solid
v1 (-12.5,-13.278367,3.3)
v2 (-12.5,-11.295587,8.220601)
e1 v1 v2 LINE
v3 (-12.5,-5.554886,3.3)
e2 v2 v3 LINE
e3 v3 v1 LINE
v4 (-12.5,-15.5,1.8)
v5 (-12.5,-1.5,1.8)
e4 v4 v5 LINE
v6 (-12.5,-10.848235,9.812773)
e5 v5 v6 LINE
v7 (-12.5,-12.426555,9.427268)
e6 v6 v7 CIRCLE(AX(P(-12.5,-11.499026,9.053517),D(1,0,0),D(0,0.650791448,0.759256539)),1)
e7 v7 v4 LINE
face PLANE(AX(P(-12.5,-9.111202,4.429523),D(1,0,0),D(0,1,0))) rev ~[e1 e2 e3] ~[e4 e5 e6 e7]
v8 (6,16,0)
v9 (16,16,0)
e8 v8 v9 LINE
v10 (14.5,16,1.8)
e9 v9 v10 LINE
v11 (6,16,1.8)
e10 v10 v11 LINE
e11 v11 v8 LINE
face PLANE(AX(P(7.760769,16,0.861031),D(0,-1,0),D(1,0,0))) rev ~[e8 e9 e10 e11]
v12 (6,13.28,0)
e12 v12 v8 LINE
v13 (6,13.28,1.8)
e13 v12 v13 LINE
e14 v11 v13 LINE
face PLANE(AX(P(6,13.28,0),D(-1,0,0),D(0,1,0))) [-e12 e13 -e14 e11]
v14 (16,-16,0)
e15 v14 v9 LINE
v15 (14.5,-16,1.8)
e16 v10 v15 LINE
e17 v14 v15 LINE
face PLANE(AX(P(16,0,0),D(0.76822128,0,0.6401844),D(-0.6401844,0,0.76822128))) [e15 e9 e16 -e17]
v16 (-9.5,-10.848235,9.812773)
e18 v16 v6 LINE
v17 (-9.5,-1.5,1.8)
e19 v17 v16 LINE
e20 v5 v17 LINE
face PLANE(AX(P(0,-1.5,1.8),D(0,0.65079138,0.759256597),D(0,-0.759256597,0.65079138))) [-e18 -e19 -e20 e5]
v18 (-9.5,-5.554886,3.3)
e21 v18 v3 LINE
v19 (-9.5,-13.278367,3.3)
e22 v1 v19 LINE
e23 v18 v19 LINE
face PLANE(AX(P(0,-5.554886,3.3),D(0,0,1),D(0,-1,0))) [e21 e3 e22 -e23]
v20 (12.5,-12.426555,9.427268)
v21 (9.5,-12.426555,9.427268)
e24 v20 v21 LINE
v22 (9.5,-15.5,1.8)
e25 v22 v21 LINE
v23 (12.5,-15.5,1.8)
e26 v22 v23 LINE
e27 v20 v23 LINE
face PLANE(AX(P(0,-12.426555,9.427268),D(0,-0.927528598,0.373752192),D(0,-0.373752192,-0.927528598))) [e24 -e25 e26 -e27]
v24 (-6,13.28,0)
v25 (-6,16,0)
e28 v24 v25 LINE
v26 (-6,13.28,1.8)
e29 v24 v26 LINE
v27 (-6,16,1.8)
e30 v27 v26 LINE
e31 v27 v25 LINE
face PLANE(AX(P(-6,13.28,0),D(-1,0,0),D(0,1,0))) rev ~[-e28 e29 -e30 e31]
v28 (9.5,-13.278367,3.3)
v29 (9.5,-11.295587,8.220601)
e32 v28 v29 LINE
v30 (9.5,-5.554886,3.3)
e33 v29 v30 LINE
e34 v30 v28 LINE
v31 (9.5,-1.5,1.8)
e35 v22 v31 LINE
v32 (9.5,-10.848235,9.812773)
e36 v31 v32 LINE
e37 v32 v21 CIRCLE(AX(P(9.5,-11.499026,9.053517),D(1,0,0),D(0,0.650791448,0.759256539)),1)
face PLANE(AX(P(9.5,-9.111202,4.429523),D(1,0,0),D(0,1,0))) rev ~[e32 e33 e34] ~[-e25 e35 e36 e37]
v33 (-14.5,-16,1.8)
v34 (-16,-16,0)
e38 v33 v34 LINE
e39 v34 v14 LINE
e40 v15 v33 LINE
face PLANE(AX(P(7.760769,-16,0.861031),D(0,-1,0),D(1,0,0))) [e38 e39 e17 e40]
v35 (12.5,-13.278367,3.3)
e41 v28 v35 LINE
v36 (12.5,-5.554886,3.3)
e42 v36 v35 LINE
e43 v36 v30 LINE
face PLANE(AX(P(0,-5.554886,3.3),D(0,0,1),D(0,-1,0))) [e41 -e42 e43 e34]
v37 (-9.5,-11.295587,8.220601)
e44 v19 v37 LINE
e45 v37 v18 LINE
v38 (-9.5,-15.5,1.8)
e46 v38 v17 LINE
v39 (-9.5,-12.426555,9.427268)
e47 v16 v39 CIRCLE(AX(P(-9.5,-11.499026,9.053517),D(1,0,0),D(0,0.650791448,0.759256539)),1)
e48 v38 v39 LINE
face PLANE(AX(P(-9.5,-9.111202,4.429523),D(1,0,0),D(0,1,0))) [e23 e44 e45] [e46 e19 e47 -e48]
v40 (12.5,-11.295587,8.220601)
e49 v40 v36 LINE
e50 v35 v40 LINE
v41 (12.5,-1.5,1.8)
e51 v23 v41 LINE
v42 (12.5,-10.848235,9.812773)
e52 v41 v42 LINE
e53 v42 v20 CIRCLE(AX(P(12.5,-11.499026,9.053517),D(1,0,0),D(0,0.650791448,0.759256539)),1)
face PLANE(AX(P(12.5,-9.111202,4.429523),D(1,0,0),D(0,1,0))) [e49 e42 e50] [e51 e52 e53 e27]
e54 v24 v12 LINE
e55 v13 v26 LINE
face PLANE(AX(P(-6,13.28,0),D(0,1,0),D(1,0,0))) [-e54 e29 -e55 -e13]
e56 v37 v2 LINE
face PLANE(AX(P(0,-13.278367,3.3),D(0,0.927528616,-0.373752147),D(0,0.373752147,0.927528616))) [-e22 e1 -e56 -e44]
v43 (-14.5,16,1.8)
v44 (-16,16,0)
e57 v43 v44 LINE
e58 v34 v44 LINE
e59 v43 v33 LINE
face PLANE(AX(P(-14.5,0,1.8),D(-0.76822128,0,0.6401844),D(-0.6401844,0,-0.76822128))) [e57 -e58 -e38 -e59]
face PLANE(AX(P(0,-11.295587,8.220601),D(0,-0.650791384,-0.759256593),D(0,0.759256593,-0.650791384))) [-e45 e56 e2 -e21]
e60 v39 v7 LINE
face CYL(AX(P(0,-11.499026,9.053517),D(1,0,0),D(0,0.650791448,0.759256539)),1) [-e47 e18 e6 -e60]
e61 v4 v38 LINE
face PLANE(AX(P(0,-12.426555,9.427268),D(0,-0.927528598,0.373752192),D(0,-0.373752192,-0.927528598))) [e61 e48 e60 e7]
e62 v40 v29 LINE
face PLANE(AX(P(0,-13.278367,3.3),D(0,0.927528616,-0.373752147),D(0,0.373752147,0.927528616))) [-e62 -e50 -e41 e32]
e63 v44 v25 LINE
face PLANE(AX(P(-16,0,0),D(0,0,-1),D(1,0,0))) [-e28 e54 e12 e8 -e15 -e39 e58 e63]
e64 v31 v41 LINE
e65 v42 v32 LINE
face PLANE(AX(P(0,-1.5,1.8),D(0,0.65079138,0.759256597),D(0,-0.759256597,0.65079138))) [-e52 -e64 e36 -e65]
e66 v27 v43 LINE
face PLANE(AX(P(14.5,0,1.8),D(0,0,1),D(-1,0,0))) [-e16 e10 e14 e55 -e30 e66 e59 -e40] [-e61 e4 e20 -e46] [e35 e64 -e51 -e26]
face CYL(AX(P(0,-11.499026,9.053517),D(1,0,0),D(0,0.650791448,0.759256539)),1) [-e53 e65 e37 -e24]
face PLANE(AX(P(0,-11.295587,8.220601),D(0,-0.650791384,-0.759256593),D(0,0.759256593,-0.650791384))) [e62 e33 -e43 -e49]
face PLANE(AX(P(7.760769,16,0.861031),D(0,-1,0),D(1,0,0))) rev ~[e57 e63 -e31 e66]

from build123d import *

# Parameters (mm, degrees)
F3_DEPTH = 16
F4_W     = 12
F4_H     = 2.84
F5_DEPTH = 25
F1_DEPTH = 12.5
F6_DEPTH = 9.5


with BuildPart() as f3:
    # F2 (on Front) → F3 (new body, symmetric)
    with BuildSketch(Plane.XZ):
        Polygon((0, 1.8), (0, 0), (16, 0), (14.5, 1.8), align=None)
        Polygon((-16, 0), (0, 0), (0, 1.8), (-14.5, 1.8), align=None)
    extrude(amount=F3_DEPTH, both=True)

    # F4 (on Top) → F5 (cut)
    with BuildSketch(Plane.XY):
        with Locations((0, 14.7)):
            Rectangle(F4_W, F4_H)
    extrude(amount=F5_DEPTH, mode=Mode.SUBTRACT)

    # F0 (on Right) → F1 (join, symmetric)
    with BuildSketch(Plane.YZ):
        with BuildLine():
            Line((-12.426555, 9.427268), (-15.5, 1.8))
            Line((-15.5, 1.8), (-1.5, 1.8))
            Line((-1.5, 1.8), (-10.848235, 9.812773))
            ThreePointArc((-10.848235, 9.812773), (-11.736301, 10.024959), (-12.426555, 9.427268))
        make_face()
        Polygon((-13.278367, 3.3), (-11.295587, 8.220601), (-5.554886, 3.3), align=None, mode=Mode.SUBTRACT)
    extrude(amount=F1_DEPTH, both=True)

    # F0 (on Right) → F6 (cut, symmetric)
    with BuildSketch(Plane.YZ):
        with BuildLine():
            Line((-12.426555, 9.427268), (-15.5, 1.8))
            Line((-15.5, 1.8), (-1.5, 1.8))
            Line((-1.5, 1.8), (-10.848235, 9.812773))
            ThreePointArc((-10.848235, 9.812773), (-11.736301, 10.024959), (-12.426555, 9.427268))
        make_face()
        Polygon((-13.278367, 3.3), (-11.295587, 8.220601), (-5.554886, 3.3), align=None, mode=Mode.SUBTRACT)
        with BuildLine():
            Line((-15.5, 11.625779), (-15.5, 1.8))
            Line((-15.5, 1.8), (-12.426555, 9.427268))
            ThreePointArc((-12.426555, 9.427268), (-11.736301, 10.024959), (-10.848235, 9.812773))
            Line((-10.848235, 9.812773), (-13.849209, 12.385036))
            ThreePointArc((-13.849209, 12.385036), (-14.917857, 12.534292), (-15.5, 11.625779))
        make_face()
    extrude(amount=F6_DEPTH, both=True, mode=Mode.SUBTRACT)


solid = f3.part
